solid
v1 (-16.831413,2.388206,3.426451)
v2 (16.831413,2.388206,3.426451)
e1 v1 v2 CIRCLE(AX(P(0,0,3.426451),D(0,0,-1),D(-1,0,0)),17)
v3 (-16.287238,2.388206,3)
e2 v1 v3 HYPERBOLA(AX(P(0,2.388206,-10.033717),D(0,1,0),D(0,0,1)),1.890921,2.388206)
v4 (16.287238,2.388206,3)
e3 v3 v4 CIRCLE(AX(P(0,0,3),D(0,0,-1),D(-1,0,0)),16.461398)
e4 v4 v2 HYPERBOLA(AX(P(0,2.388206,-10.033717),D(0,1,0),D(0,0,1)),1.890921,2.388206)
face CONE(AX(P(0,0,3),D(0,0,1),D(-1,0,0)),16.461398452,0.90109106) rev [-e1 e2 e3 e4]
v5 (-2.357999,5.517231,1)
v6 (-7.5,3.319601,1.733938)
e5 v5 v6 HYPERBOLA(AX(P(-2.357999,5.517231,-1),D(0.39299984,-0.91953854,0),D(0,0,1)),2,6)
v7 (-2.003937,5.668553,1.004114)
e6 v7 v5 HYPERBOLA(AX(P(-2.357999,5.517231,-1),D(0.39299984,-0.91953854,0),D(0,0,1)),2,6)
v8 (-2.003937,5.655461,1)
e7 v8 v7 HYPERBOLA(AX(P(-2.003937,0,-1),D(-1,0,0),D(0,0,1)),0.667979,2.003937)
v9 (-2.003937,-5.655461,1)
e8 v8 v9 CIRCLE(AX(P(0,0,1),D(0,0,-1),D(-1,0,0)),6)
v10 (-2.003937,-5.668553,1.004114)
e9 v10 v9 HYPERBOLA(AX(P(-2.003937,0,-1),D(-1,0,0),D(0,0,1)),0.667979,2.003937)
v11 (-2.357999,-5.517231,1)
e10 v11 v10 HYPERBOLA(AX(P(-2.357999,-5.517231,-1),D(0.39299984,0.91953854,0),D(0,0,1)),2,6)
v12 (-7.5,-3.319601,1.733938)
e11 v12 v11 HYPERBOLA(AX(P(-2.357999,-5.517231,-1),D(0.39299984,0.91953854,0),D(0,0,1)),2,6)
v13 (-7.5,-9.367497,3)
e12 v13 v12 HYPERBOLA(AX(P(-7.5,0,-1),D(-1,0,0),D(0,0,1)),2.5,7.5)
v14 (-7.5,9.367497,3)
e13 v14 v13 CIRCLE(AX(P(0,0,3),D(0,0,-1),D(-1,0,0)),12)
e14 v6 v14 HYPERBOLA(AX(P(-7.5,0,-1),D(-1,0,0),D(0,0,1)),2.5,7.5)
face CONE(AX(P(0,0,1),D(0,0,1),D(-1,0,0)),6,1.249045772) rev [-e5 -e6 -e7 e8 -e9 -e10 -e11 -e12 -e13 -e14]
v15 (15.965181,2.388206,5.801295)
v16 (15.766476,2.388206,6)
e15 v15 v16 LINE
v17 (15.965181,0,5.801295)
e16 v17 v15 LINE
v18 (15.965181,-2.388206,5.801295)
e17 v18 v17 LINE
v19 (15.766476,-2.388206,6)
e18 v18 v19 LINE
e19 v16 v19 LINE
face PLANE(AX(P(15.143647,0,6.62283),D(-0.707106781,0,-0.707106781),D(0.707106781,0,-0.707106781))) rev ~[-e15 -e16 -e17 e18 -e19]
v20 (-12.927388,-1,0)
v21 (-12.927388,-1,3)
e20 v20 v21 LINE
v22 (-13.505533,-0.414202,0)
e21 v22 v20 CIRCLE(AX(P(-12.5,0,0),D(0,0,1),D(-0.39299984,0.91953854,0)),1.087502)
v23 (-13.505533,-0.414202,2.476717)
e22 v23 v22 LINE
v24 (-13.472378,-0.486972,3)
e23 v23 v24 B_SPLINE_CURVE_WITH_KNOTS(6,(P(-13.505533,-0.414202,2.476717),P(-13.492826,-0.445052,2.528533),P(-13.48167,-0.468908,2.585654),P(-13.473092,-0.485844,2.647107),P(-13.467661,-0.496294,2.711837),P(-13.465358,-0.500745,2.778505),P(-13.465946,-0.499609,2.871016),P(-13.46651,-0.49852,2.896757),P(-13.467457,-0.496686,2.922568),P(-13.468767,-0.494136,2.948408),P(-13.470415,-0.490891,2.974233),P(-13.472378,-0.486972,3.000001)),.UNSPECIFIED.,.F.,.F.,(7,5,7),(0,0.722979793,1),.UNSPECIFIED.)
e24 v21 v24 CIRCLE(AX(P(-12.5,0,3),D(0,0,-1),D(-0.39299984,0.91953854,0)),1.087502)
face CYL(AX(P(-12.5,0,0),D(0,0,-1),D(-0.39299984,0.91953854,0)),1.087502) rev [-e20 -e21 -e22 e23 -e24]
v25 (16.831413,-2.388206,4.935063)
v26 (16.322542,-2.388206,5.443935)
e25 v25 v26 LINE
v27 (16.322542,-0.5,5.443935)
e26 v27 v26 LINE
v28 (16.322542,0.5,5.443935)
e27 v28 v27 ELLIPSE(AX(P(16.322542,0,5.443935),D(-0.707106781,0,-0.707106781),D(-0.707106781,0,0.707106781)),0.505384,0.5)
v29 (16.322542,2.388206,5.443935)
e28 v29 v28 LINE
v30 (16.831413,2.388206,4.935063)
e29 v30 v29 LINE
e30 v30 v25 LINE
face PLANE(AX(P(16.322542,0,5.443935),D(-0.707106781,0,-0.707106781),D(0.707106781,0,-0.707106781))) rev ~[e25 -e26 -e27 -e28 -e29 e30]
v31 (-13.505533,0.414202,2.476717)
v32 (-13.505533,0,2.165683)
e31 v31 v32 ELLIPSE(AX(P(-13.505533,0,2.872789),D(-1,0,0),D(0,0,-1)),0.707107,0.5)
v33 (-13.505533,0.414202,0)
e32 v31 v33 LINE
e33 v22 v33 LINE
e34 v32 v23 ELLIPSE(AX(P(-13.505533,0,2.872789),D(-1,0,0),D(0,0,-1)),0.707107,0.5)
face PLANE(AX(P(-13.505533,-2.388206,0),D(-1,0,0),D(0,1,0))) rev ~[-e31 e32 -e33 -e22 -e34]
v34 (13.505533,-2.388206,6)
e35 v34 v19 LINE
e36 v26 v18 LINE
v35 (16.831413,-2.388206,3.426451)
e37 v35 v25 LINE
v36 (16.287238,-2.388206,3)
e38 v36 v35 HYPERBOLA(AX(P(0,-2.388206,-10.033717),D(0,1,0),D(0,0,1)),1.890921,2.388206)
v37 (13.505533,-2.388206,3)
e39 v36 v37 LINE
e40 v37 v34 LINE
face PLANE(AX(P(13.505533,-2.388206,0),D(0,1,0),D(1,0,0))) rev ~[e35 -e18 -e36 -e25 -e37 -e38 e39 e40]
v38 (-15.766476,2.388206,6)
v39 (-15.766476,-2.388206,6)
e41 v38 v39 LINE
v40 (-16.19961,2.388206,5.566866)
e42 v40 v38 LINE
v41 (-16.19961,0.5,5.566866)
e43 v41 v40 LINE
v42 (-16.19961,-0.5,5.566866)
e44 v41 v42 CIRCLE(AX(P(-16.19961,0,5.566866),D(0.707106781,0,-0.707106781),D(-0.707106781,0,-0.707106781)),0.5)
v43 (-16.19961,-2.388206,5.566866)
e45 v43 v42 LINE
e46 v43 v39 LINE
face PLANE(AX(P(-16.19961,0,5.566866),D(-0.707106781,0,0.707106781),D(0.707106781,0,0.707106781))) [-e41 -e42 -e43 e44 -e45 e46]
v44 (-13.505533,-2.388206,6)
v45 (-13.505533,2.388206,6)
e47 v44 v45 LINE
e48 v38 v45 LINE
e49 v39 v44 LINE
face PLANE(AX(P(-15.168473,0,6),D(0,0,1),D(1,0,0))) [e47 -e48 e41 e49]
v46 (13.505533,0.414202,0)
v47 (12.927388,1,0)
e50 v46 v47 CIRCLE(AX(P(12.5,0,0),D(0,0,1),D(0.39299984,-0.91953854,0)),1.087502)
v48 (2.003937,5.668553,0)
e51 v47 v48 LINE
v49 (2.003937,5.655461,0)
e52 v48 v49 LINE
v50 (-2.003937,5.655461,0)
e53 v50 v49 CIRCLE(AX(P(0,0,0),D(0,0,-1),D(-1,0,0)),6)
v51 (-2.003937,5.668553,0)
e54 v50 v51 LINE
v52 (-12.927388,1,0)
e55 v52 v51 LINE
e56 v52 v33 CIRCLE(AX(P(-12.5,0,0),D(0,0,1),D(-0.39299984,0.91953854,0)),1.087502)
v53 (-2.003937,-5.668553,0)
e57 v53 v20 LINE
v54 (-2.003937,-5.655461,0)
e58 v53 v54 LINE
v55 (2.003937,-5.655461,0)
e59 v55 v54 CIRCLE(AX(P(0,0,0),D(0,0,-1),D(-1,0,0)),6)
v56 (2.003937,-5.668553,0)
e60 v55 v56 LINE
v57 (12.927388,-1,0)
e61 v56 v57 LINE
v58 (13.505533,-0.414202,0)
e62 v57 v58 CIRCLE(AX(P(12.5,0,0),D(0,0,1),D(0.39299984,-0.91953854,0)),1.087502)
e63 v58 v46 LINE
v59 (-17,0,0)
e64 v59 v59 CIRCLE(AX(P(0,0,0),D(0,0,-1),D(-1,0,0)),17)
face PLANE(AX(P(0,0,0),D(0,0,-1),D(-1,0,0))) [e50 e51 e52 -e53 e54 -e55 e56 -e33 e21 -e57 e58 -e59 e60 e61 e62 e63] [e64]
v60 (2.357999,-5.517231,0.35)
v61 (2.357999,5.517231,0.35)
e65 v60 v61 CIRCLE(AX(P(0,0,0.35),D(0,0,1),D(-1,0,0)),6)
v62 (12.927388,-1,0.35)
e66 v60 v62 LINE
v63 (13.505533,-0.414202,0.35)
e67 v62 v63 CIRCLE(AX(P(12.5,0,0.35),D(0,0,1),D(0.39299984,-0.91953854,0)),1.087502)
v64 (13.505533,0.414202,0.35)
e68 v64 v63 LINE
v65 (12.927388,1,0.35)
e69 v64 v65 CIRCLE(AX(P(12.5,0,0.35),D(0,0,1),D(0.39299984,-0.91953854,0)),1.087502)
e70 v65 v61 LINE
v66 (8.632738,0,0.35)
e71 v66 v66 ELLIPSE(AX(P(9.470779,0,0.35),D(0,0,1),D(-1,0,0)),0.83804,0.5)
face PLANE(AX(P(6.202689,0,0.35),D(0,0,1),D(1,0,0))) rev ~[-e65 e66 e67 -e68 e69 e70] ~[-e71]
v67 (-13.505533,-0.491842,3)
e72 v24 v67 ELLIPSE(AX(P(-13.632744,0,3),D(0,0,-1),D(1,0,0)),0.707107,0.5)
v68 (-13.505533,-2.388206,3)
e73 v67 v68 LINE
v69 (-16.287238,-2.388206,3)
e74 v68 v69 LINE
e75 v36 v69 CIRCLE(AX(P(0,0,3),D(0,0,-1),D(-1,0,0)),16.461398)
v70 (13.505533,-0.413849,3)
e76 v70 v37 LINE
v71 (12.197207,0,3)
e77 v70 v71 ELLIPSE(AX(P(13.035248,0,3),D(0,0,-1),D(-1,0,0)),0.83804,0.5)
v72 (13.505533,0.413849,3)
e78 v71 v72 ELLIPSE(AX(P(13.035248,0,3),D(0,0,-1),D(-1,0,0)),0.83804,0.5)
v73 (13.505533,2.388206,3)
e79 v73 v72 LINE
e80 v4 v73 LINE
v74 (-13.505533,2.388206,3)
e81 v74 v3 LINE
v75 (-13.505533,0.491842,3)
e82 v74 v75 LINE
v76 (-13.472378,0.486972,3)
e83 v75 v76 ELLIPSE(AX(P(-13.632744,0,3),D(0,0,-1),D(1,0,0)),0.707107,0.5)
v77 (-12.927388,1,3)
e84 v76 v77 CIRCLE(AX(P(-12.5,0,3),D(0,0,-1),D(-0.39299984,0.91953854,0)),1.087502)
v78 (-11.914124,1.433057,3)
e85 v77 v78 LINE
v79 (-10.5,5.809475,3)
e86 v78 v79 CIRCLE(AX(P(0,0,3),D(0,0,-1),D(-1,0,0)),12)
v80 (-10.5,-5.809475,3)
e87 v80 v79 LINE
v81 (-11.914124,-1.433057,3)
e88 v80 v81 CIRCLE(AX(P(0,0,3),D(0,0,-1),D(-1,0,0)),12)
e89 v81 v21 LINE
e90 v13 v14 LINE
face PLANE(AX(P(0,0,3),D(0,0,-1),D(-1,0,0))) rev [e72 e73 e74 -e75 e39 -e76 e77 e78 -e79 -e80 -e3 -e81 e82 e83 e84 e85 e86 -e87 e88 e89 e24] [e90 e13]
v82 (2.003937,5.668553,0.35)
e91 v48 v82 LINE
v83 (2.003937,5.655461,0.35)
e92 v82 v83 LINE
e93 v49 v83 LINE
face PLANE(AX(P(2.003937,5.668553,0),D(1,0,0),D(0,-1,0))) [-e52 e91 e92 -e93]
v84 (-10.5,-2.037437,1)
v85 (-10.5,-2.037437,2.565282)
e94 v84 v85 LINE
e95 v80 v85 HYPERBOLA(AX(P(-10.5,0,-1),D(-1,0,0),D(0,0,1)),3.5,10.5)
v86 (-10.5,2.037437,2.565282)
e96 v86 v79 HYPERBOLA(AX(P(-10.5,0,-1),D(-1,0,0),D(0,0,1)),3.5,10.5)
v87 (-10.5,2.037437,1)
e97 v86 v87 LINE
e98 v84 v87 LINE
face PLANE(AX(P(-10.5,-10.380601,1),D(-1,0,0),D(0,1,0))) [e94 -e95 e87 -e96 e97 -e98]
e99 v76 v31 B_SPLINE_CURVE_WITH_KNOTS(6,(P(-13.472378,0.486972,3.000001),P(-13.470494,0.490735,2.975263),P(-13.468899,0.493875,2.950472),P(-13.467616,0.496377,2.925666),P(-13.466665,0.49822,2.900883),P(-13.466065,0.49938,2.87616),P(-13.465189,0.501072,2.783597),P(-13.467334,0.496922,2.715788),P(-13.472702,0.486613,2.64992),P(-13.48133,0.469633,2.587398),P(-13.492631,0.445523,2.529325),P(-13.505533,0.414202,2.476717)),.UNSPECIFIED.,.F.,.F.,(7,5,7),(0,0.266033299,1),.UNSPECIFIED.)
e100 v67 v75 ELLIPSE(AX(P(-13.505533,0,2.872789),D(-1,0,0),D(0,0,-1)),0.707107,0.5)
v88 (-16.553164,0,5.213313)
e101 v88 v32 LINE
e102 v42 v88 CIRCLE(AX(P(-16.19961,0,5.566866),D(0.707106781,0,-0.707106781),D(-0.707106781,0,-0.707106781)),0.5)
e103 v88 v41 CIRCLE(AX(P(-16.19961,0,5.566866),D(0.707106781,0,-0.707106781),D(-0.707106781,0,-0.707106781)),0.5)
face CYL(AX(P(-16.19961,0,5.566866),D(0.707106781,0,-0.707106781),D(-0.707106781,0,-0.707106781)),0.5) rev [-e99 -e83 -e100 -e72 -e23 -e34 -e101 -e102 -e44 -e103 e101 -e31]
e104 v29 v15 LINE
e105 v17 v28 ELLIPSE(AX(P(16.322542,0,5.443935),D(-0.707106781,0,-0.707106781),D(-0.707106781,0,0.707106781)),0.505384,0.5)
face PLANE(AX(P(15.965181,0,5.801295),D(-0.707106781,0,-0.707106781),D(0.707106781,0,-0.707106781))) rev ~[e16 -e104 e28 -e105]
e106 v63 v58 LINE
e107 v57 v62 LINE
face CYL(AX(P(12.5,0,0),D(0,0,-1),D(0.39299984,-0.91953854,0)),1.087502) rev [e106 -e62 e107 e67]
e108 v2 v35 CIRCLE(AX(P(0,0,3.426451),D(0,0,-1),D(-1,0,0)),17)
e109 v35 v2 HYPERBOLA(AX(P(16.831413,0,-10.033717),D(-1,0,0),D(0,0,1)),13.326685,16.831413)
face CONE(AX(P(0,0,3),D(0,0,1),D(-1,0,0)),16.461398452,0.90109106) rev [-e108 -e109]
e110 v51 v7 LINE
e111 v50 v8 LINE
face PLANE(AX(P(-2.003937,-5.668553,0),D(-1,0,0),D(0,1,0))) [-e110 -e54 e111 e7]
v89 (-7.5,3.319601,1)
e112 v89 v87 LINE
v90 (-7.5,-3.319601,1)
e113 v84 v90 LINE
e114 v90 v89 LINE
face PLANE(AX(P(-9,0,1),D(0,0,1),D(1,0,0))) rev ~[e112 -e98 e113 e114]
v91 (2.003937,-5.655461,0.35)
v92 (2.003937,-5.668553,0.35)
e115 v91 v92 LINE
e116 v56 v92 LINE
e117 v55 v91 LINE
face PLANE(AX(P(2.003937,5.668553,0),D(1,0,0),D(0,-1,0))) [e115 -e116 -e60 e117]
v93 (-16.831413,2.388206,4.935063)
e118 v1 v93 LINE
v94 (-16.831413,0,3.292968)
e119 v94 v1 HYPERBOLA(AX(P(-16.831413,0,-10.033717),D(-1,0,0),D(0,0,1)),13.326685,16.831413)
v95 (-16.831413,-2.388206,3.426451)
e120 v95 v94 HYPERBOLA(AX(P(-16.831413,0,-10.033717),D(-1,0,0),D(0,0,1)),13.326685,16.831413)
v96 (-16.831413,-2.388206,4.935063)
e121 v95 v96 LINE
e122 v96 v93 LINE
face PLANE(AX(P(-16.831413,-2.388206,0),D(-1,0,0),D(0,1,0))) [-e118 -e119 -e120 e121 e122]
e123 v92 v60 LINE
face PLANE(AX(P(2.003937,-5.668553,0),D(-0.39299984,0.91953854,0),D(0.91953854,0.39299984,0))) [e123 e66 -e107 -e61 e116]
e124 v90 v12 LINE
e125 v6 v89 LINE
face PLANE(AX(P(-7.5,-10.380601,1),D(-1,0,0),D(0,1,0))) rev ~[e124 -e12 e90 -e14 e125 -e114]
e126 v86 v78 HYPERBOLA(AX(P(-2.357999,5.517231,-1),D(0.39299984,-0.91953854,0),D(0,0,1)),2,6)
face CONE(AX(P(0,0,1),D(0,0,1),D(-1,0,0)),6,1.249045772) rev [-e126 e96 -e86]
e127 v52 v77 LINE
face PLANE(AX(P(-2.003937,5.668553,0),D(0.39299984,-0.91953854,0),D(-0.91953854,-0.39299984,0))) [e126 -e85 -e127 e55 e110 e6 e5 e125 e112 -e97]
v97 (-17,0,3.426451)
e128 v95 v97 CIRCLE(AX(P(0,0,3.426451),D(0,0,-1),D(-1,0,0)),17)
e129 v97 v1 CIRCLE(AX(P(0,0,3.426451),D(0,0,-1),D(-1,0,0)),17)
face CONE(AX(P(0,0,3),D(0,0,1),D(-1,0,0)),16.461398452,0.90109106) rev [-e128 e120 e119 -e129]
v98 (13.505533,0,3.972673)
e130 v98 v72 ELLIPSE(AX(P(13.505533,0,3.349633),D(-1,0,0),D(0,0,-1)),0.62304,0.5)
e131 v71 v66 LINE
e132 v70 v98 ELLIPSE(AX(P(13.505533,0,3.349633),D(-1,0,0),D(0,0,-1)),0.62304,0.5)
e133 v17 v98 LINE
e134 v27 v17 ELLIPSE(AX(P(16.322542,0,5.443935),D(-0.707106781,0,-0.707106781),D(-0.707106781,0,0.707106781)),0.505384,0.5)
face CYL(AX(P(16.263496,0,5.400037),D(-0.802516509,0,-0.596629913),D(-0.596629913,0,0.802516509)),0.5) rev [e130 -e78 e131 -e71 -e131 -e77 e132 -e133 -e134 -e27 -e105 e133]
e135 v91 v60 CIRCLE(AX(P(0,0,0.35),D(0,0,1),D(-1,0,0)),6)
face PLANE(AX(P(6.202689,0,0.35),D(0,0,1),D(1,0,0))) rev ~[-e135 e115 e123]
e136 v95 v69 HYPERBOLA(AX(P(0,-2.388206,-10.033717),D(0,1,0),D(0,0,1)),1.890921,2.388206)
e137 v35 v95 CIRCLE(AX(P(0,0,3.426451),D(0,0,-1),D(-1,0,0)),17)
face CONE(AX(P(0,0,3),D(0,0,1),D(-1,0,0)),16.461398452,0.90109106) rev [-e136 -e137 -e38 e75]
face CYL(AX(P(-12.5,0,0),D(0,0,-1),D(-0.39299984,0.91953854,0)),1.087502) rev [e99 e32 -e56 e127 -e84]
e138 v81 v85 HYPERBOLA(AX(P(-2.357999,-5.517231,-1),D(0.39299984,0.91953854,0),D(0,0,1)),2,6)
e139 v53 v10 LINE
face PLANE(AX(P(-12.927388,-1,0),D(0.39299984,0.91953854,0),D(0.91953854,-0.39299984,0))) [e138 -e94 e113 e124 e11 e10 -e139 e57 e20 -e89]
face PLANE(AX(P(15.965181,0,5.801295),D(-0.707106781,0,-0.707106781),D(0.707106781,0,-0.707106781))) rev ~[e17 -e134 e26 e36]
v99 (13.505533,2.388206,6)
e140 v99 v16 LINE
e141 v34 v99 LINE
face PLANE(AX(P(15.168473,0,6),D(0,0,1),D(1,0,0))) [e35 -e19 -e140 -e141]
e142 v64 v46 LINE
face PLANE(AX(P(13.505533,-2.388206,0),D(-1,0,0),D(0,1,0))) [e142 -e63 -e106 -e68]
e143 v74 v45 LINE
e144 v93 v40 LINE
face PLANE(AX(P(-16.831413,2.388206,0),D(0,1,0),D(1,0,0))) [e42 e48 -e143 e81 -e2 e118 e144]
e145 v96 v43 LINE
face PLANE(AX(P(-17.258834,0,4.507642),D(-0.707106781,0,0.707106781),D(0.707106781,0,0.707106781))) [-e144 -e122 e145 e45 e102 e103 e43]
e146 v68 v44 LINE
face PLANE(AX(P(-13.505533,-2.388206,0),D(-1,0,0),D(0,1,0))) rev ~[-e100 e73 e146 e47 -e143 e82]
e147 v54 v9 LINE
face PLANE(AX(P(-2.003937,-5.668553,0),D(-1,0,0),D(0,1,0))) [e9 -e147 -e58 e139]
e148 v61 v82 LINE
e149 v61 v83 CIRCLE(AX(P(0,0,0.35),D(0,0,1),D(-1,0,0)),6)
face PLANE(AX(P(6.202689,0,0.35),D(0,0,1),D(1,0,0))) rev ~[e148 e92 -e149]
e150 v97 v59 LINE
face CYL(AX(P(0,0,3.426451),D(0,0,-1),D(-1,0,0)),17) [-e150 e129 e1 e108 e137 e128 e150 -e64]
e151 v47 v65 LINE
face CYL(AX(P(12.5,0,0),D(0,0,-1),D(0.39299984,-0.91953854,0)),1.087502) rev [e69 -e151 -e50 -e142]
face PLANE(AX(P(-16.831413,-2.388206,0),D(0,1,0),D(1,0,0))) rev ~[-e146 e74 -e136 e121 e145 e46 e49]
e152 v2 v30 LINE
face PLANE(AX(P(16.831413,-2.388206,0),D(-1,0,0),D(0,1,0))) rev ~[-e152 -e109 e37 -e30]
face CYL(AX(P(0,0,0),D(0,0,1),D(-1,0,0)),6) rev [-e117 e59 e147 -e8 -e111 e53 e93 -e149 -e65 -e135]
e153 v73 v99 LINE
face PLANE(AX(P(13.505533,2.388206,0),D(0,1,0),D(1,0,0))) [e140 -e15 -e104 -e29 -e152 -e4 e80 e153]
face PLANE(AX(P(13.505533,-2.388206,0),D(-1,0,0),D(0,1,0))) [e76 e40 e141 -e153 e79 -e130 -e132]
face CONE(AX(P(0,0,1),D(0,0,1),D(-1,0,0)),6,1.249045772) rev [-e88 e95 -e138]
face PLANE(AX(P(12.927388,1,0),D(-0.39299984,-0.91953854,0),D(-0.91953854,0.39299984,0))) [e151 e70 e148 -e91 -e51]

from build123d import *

# Parameters (mm, degrees)
F3_DEPTH  = 0.35
F4_DEPTH  = 5
F5_W      = 3.3258799294
F5_H      = 4.7764119825
F6_DEPTH  = 6
F8_START  = 1
F7_W      = 3
F7_H      = 20.7612029826
F8_DEPTH  = 2
F12_DEPTH = 2.9


with BuildPart() as f1:
    # F0 (on Front) → F1 (revolve)
    with BuildSketch(Plane.XZ):
        Polygon((-6, 1), (-12, 3), (-16.4613984525, 3), (-17, 3), (-17, 0), (-6, 0), align=None)
        Polygon((-17, 3), (-16.4613984525, 3), (-17, 3.4264510032), align=None)
    revolve(axis=Axis((0, 0, 0.3460962325), (0, 0, -1)))

    # F2 (on Top) → F3 (cut)
    with BuildSketch(Plane.XY):
        with BuildLine():
            Line((12.9273881117, 1), (2.0039374787, 5.6685529396))
            Line((2.0039374787, 5.6685529396), (2.0039374787, -5.6685529396))
            Line((2.0039374787, -5.6685529396), (12.9273881117, -1))
            ThreePointArc((12.9273881117, -1), (13.5875019991, 0), (12.9273881117, 1))
        make_face()
    extrude(amount=F3_DEPTH, mode=Mode.SUBTRACT)

    # F2 (on Top) → F4 (cut)
    with BuildSketch(Plane.XY):
        with BuildLine():
            Line((-2.0039374787, -5.6685529396), (-2.0039374787, 5.6685529396))
            Line((-2.0039374787, 5.6685529396), (-12.9273881117, 1))
            ThreePointArc((-12.9273881117, 1), (-13.5875019991, 0), (-12.9273881117, -1))
            Line((-12.9273881117, -1), (-2.0039374787, -5.6685529396))
        make_face()
    extrude(amount=F4_DEPTH, mode=Mode.SUBTRACT)

    # F5 (on Top) → F6 (join)
    with BuildSketch(Plane.XY):
        with Locations((-15.1684732898, 0)):
            Rectangle(F5_W, F5_H)
        with Locations((15.1684732898, 0)):
            Rectangle(F5_W, F5_H)
    extrude(amount=F6_DEPTH)

    # F7 (on Top) → F8 (join)
    with BuildSketch(Plane.XY.offset(F8_START)):
        with Locations((-9, 0)):
            Rectangle(F7_W, F7_H)
    extrude(amount=F8_DEPTH)

    # F9 (on Front) → F10 (revolve, cut)
    with BuildSketch(Plane.XZ):
        Polygon((8.2996124042, 0.1023378446), (9, 0), (16.3225417007, 5.4439346324), (15.9651809612, 5.801295372), align=None)
        Polygon((15.9651809612, 5.801295372), (16.3225417007, 5.4439346324), (17.0113109052, 5.9559992515), (16.7064689267, 6.3524049994), align=None)
    revolve(axis=Axis((13.0056554526, 0, 2.9779996257), (0.802516509, 0, 0.5966299128)), mode=Mode.SUBTRACT)

    # F9 (on Front) → F11 (revolve, cut)
    with BuildSketch(Plane.XZ):
        Polygon((-16.7743696364, 6.1416257066), (-17.127923027, 5.7880723161), (-16.5531635221, 5.2133128111), (-16.1996101315, 5.5668662017), align=None)
        Polygon((-16.1996101315, 5.5668662017), (-16.5531635221, 5.2133128111), (-12.5092434766, 1.1693927656), (-12.155690086, 1.5229461562), align=None)
    revolve(axis=Axis((-14.4650298612, 0, 3.8322859314), (-0.7071067812, 0, 0.7071067812)), mode=Mode.SUBTRACT)

    # F9 (on Front) → F12 (cut, symmetric)
    with BuildSketch(Plane.XZ):
        Polygon((-16.5531635221, 5.2133128111), (-17.127923027, 5.7880723161), (-16.7743696364, 6.1416257066), (-16.1996101315, 5.5668662017), (-15.1436466258, 6.6228297073), (-17.0755104627, 8.5546935443), (-19.2268886647, 6.4033153423), (-17.2588344452, 4.507641888), align=None)
        Polygon((-16.7743696364, 6.1416257066), (-17.127923027, 5.7880723161), (-16.5531635221, 5.2133128111), (-16.1996101315, 5.5668662017), align=None)
        Polygon((15.9651809612, 5.801295372), (16.3225417007, 5.4439346324), (17.0113109052, 5.9559992515), (16.7064689267, 6.3524049994), align=None)
        Polygon((17.0113109052, 5.9559992515), (16.3225417007, 5.4439346324), (17.2588344452, 4.507641888), (19.2268886647, 6.4033153423), (17.0755104627, 8.5546935443), (15.1436466258, 6.6228297073), (15.9651809612, 5.801295372), (16.7064689267, 6.3524049994), align=None)
    extrude(amount=F12_DEPTH, both=True, mode=Mode.SUBTRACT)


solid = f1.part
